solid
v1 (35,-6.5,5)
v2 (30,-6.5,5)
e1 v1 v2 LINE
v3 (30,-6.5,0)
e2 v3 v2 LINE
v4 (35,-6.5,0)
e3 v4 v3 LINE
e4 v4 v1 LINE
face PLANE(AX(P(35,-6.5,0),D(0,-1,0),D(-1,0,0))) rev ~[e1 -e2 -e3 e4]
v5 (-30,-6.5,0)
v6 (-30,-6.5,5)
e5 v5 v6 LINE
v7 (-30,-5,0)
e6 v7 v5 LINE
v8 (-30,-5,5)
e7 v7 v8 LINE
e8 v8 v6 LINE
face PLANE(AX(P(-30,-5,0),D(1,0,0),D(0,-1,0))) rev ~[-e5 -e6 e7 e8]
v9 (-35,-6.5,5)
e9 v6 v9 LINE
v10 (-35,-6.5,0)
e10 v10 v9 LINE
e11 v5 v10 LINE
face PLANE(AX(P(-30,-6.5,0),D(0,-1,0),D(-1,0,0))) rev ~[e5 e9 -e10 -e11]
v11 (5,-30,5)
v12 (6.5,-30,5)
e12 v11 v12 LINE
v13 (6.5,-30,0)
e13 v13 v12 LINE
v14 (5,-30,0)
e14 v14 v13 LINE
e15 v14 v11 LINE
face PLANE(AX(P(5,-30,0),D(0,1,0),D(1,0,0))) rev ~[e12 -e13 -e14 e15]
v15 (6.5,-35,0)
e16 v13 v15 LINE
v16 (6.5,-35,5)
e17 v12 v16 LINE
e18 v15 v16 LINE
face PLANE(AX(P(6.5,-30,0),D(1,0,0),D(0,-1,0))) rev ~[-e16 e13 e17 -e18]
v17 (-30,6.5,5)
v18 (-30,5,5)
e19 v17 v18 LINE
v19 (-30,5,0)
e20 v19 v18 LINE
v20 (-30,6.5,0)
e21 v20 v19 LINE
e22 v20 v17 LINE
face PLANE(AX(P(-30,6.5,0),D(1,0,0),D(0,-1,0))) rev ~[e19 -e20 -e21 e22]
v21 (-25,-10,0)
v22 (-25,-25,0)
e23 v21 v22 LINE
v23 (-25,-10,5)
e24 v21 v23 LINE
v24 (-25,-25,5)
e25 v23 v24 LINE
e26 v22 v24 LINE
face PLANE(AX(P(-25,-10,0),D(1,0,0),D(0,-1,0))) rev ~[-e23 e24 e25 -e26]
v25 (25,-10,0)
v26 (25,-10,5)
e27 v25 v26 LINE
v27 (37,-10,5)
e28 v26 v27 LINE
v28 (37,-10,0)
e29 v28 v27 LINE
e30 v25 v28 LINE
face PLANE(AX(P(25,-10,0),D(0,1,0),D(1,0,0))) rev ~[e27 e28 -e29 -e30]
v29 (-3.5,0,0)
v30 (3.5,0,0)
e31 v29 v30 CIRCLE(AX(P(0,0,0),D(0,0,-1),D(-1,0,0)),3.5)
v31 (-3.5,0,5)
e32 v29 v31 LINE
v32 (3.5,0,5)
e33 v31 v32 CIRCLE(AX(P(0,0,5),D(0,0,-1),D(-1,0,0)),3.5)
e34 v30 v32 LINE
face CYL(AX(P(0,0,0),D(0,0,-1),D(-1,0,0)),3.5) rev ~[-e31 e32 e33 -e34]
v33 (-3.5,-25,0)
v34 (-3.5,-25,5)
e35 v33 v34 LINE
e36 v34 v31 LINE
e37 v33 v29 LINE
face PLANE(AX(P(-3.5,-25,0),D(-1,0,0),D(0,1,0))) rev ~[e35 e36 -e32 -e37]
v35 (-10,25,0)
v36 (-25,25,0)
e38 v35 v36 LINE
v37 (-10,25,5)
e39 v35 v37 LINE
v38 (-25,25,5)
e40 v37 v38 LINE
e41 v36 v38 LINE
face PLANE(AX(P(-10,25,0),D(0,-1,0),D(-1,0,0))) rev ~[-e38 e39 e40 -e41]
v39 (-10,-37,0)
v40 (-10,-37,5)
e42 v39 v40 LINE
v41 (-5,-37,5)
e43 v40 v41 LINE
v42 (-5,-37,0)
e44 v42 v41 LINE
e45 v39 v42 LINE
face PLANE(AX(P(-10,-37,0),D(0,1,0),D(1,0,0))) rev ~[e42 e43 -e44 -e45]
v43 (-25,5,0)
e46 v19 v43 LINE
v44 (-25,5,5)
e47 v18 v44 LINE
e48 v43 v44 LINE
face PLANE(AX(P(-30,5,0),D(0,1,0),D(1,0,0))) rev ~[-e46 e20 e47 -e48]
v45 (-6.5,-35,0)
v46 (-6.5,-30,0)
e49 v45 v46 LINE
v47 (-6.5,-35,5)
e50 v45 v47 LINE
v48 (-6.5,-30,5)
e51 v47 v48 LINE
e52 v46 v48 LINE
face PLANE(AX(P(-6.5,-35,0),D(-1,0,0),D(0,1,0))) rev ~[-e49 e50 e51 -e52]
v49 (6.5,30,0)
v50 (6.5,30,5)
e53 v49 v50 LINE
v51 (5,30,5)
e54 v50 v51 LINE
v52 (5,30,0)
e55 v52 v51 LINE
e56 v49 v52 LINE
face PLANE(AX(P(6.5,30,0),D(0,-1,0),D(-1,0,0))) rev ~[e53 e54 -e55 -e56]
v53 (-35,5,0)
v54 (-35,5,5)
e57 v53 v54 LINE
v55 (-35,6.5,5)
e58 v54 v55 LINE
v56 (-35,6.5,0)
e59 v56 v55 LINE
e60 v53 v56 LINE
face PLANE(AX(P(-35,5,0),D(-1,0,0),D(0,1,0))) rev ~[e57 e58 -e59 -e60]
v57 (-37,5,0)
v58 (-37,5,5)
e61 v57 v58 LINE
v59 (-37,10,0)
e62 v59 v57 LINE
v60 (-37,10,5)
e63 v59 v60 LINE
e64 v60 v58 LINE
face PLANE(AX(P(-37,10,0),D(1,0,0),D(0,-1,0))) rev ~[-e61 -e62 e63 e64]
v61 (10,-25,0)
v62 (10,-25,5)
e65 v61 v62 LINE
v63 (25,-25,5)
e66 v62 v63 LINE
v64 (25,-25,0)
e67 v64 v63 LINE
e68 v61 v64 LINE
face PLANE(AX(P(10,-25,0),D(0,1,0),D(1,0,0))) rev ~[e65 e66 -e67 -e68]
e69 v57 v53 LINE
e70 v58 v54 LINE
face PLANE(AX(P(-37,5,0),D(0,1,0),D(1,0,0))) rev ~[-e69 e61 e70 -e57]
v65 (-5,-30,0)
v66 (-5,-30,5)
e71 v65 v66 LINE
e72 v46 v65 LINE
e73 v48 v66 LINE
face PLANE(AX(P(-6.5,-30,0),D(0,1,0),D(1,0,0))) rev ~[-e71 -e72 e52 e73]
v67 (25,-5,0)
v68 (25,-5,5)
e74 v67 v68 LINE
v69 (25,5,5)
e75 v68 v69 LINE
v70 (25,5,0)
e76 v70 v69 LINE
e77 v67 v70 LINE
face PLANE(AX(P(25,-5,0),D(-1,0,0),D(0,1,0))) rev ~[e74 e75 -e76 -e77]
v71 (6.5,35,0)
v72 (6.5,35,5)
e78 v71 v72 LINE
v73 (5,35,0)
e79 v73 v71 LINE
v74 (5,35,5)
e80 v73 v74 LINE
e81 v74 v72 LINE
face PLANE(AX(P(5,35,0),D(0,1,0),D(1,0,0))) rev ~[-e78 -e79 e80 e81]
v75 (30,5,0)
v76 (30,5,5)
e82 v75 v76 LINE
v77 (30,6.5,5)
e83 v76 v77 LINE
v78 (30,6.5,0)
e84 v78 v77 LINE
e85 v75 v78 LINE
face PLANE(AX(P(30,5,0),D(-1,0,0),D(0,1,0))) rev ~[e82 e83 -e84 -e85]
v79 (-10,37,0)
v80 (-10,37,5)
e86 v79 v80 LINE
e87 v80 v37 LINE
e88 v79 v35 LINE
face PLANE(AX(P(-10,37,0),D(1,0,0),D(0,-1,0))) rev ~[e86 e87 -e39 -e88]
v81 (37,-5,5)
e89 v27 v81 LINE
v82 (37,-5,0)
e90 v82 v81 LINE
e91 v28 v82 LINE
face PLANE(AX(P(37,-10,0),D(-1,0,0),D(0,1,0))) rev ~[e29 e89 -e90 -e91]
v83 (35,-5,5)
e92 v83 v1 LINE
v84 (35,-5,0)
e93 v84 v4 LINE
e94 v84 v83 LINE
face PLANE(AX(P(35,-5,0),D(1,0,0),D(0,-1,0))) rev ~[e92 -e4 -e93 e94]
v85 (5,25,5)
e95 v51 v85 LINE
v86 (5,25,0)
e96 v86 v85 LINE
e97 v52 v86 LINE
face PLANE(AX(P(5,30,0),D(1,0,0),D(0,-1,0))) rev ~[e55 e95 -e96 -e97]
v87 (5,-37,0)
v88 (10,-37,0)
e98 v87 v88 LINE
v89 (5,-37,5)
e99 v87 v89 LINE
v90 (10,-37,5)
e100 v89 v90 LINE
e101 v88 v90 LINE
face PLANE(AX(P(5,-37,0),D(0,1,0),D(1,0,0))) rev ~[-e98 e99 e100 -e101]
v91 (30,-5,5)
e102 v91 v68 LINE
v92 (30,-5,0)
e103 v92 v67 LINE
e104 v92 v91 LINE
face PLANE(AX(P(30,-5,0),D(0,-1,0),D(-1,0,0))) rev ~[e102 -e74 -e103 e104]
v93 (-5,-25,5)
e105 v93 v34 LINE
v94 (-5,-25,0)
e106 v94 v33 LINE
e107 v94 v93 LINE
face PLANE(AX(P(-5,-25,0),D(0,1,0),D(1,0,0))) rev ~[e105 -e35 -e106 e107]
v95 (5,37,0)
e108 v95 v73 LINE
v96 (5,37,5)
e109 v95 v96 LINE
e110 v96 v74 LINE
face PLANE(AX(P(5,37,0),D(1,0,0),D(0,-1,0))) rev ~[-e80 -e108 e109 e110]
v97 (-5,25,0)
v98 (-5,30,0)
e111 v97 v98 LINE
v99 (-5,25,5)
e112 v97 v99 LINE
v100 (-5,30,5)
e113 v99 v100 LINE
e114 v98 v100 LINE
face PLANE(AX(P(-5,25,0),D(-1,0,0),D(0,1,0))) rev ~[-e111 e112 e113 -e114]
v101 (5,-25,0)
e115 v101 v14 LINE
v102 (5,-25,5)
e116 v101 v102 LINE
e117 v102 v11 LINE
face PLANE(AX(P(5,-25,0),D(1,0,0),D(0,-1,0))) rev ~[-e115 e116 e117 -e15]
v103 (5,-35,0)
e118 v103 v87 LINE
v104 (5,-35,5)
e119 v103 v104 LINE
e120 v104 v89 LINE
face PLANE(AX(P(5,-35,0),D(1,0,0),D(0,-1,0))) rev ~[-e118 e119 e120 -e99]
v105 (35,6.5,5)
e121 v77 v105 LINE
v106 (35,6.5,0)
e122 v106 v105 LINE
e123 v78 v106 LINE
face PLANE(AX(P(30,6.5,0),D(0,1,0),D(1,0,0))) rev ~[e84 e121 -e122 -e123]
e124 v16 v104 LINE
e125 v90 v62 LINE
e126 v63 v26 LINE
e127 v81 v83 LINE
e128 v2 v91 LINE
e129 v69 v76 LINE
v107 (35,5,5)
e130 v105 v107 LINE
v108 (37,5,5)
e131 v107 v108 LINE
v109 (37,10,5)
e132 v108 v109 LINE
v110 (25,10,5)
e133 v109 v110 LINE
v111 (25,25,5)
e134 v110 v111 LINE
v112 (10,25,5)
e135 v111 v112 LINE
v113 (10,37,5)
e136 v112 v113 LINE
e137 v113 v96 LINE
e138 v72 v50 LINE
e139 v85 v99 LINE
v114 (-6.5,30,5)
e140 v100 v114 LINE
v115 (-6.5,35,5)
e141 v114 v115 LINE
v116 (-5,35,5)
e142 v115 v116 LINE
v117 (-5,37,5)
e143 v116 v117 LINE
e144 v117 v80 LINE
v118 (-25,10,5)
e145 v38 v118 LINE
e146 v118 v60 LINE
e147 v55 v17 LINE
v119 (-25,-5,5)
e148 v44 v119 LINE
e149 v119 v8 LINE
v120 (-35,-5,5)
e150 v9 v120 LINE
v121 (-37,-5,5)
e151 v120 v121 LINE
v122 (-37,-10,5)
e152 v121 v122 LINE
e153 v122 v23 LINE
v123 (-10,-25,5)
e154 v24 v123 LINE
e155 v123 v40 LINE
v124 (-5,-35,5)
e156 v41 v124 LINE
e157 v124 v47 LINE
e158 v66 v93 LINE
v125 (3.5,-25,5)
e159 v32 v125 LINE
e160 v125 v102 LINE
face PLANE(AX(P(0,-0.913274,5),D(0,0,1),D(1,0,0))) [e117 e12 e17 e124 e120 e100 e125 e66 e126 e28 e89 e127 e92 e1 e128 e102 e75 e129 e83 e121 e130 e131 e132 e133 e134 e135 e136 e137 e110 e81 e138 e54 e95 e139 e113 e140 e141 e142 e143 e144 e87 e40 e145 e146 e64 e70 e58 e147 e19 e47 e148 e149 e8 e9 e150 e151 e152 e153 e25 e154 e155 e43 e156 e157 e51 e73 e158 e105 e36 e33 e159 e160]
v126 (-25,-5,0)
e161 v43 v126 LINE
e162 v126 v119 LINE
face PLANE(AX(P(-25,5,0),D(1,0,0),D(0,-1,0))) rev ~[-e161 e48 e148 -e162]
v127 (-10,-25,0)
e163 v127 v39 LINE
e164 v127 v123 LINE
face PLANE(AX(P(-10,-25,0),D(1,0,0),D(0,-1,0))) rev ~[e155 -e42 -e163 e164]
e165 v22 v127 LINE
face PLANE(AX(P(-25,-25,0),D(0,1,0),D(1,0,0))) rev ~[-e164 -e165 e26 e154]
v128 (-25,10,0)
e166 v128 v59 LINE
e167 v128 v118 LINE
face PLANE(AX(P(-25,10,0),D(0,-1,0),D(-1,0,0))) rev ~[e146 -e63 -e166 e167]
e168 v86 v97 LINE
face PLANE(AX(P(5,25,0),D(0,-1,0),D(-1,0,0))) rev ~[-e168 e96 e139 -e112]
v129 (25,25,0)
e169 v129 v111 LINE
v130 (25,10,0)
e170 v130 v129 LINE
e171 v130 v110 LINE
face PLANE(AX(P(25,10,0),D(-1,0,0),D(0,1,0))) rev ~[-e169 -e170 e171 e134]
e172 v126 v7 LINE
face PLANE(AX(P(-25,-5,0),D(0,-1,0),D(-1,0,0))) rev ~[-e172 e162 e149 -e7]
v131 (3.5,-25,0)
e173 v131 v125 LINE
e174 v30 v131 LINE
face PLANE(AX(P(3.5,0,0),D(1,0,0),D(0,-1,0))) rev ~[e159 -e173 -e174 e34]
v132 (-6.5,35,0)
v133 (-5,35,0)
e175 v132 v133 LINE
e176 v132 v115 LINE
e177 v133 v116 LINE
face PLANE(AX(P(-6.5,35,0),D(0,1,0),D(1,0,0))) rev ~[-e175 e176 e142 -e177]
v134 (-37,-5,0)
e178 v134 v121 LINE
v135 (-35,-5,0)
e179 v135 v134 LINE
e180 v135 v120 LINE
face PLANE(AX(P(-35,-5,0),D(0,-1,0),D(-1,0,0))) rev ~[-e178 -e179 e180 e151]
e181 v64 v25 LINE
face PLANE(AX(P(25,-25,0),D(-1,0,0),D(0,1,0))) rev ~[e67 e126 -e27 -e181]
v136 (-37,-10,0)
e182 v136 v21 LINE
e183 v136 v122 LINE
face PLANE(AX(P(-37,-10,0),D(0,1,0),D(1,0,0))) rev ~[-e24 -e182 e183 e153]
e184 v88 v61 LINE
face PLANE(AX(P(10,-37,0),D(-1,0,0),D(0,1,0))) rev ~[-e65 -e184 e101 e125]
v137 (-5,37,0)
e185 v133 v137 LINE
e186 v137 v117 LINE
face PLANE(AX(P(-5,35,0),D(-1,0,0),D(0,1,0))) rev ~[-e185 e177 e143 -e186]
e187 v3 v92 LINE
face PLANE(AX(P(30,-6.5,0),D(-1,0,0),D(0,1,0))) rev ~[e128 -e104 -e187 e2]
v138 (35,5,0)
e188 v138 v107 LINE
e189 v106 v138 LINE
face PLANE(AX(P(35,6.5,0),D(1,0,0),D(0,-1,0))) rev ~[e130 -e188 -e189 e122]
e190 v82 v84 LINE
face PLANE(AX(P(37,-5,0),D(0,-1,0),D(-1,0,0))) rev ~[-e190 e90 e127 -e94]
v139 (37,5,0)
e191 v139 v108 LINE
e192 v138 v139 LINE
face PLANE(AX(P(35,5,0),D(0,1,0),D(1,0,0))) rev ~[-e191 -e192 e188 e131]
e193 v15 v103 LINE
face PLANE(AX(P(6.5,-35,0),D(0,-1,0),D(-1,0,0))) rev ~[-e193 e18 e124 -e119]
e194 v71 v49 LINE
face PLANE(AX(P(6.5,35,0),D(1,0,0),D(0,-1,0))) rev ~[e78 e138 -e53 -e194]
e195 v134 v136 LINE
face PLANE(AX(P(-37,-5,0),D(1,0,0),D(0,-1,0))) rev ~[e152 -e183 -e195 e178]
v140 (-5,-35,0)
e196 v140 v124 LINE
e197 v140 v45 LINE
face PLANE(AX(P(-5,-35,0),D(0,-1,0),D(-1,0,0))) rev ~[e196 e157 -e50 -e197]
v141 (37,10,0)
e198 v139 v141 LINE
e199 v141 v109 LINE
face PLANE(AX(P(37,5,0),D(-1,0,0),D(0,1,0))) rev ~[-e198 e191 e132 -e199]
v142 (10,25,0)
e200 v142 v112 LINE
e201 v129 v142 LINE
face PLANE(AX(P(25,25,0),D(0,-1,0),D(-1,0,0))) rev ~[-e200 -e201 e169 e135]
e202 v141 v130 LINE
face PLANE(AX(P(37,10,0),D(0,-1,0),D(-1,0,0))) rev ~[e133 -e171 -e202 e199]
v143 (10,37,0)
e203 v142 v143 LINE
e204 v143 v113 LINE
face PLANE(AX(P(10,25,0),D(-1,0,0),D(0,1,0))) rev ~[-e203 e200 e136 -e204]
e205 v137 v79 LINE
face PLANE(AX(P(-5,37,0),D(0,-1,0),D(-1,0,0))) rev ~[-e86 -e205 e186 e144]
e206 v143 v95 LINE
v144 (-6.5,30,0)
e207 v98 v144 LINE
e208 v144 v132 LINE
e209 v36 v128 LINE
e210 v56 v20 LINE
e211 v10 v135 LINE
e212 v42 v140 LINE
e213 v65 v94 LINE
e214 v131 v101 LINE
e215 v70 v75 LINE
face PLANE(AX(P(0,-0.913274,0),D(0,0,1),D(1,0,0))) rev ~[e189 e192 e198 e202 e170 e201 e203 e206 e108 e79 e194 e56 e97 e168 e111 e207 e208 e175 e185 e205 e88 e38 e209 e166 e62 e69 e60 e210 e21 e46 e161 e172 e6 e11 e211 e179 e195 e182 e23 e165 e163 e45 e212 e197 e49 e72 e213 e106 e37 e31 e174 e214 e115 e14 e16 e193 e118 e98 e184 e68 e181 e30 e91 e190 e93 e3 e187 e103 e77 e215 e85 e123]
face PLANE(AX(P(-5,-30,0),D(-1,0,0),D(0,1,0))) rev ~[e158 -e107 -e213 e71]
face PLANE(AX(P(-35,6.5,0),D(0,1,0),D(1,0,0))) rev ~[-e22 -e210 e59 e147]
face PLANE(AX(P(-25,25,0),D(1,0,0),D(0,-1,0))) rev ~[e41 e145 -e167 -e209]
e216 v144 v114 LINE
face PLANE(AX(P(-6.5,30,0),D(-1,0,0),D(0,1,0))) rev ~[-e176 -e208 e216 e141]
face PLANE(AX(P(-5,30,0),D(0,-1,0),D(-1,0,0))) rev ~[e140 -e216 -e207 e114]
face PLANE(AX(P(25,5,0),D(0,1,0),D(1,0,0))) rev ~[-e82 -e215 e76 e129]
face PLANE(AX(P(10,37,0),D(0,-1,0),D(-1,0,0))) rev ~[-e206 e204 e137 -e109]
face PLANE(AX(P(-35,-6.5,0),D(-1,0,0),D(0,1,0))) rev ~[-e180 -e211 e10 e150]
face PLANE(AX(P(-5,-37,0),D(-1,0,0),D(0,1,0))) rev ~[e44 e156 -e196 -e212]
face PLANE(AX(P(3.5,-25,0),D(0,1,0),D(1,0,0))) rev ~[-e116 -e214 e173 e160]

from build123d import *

# Parameters (mm, degrees)
BOSS_EXTRU_1_DEPTH = 5


with BuildPart() as part:
    # Esquisse1 → Boss.-Extru.1 (new body)
    with BuildSketch(Plane.XY):
        with BuildLine():
            Line((-10, 25), (-25, 25))
            Line((-25, 25), (-25, 10))
            Line((-25, 10), (-30, 10))
            Line((-30, 10), (-37, 10))
            Line((-37, 10), (-37, 5))
            Line((-37, 5), (-35, 5))
            Line((-35, 5), (-35, 6.5))
            Line((-35, 6.5), (-30, 6.5))
            Line((-30, 6.5), (-30, 5))
            Line((-30, 5), (-25, 5))
            Line((-25, 5), (-25, 0))
            Line((-25, 0), (-25, -5))
            Line((-25, -5), (-30, -5))
            Line((-30, -5), (-30, -6.5))
            Line((-30, -6.5), (-35, -6.5))
            Line((-35, -6.5), (-35, -5))
            Line((-35, -5), (-37, -5))
            Line((-37, -5), (-37, -10))
            Line((-37, -10), (-30, -10))
            Line((-30, -10), (-25, -10))
            Line((-25, -10), (-25, -25))
            Line((-25, -25), (-10, -25))
            Line((-10, -25), (-10, -30))
            Line((-10, -30), (-10, -37))
            Line((-10, -37), (-5, -37))
            Line((-5, -37), (-5, -35))
            Line((-5, -35), (-6.5, -35))
            Line((-6.5, -35), (-6.5, -30))
            Line((-6.5, -30), (-5, -30))
            Line((-5, -30), (-5, -25))
            Line((-5, -25), (-3.5, -25))
            Line((-3.5, -25), (-3.5, 0))
            ThreePointArc((-3.5, 0), (0, 3.5), (3.5, 0))
            Line((3.5, 0), (3.5, -25))
            Line((3.5, -25), (5, -25))
            Line((5, -25), (5, -30))
            Line((5, -30), (6.5, -30))
            Line((6.5, -30), (6.5, -35))
            Line((6.5, -35), (5, -35))
            Line((5, -35), (5, -37))
            Line((5, -37), (10, -37))
            Line((10, -37), (10, -30))
            Line((10, -30), (10, -25))
            Line((10, -25), (25, -25))
            Line((25, -25), (25, -10))
            Line((25, -10), (30, -10))
            Line((30, -10), (37, -10))
            Line((37, -10), (37, -5))
            Line((37, -5), (35, -5))
            Line((35, -5), (35, -6.5))
            Line((35, -6.5), (30, -6.5))
            Line((30, -6.5), (30, -5))
            Line((30, -5), (25, -5))
            Line((25, -5), (25, 0))
            Line((25, 0), (25, 5))
            Line((25, 5), (30, 5))
            Line((30, 5), (30, 6.5))
            Line((30, 6.5), (35, 6.5))
            Line((35, 6.5), (35, 5))
            Line((35, 5), (37, 5))
            Line((37, 5), (37, 10))
            Line((37, 10), (30, 10))
            Line((30, 10), (25, 10))
            Line((25, 10), (25, 25))
            Line((25, 25), (10, 25))
            Line((10, 25), (10, 30))
            Line((10, 30), (10, 37))
            Line((10, 37), (5, 37))
            Line((5, 37), (5, 35))
            Line((5, 35), (6.5, 35))
            Line((6.5, 35), (6.5, 30))
            Line((6.5, 30), (5, 30))
            Line((5, 30), (5, 25))
            Line((5, 25), (0, 25))
            Line((0, 25), (-5, 25))
            Line((-5, 25), (-5, 30))
            Line((-5, 30), (-6.5, 30))
            Line((-6.5, 30), (-6.5, 35))
            Line((-6.5, 35), (-5, 35))
            Line((-5, 35), (-5, 37))
            Line((-5, 37), (-10, 37))
            Line((-10, 37), (-10, 30))
            Line((-10, 30), (-10, 25))
        make_face()
    extrude(amount=BOSS_EXTRU_1_DEPTH)


solid = part.part
